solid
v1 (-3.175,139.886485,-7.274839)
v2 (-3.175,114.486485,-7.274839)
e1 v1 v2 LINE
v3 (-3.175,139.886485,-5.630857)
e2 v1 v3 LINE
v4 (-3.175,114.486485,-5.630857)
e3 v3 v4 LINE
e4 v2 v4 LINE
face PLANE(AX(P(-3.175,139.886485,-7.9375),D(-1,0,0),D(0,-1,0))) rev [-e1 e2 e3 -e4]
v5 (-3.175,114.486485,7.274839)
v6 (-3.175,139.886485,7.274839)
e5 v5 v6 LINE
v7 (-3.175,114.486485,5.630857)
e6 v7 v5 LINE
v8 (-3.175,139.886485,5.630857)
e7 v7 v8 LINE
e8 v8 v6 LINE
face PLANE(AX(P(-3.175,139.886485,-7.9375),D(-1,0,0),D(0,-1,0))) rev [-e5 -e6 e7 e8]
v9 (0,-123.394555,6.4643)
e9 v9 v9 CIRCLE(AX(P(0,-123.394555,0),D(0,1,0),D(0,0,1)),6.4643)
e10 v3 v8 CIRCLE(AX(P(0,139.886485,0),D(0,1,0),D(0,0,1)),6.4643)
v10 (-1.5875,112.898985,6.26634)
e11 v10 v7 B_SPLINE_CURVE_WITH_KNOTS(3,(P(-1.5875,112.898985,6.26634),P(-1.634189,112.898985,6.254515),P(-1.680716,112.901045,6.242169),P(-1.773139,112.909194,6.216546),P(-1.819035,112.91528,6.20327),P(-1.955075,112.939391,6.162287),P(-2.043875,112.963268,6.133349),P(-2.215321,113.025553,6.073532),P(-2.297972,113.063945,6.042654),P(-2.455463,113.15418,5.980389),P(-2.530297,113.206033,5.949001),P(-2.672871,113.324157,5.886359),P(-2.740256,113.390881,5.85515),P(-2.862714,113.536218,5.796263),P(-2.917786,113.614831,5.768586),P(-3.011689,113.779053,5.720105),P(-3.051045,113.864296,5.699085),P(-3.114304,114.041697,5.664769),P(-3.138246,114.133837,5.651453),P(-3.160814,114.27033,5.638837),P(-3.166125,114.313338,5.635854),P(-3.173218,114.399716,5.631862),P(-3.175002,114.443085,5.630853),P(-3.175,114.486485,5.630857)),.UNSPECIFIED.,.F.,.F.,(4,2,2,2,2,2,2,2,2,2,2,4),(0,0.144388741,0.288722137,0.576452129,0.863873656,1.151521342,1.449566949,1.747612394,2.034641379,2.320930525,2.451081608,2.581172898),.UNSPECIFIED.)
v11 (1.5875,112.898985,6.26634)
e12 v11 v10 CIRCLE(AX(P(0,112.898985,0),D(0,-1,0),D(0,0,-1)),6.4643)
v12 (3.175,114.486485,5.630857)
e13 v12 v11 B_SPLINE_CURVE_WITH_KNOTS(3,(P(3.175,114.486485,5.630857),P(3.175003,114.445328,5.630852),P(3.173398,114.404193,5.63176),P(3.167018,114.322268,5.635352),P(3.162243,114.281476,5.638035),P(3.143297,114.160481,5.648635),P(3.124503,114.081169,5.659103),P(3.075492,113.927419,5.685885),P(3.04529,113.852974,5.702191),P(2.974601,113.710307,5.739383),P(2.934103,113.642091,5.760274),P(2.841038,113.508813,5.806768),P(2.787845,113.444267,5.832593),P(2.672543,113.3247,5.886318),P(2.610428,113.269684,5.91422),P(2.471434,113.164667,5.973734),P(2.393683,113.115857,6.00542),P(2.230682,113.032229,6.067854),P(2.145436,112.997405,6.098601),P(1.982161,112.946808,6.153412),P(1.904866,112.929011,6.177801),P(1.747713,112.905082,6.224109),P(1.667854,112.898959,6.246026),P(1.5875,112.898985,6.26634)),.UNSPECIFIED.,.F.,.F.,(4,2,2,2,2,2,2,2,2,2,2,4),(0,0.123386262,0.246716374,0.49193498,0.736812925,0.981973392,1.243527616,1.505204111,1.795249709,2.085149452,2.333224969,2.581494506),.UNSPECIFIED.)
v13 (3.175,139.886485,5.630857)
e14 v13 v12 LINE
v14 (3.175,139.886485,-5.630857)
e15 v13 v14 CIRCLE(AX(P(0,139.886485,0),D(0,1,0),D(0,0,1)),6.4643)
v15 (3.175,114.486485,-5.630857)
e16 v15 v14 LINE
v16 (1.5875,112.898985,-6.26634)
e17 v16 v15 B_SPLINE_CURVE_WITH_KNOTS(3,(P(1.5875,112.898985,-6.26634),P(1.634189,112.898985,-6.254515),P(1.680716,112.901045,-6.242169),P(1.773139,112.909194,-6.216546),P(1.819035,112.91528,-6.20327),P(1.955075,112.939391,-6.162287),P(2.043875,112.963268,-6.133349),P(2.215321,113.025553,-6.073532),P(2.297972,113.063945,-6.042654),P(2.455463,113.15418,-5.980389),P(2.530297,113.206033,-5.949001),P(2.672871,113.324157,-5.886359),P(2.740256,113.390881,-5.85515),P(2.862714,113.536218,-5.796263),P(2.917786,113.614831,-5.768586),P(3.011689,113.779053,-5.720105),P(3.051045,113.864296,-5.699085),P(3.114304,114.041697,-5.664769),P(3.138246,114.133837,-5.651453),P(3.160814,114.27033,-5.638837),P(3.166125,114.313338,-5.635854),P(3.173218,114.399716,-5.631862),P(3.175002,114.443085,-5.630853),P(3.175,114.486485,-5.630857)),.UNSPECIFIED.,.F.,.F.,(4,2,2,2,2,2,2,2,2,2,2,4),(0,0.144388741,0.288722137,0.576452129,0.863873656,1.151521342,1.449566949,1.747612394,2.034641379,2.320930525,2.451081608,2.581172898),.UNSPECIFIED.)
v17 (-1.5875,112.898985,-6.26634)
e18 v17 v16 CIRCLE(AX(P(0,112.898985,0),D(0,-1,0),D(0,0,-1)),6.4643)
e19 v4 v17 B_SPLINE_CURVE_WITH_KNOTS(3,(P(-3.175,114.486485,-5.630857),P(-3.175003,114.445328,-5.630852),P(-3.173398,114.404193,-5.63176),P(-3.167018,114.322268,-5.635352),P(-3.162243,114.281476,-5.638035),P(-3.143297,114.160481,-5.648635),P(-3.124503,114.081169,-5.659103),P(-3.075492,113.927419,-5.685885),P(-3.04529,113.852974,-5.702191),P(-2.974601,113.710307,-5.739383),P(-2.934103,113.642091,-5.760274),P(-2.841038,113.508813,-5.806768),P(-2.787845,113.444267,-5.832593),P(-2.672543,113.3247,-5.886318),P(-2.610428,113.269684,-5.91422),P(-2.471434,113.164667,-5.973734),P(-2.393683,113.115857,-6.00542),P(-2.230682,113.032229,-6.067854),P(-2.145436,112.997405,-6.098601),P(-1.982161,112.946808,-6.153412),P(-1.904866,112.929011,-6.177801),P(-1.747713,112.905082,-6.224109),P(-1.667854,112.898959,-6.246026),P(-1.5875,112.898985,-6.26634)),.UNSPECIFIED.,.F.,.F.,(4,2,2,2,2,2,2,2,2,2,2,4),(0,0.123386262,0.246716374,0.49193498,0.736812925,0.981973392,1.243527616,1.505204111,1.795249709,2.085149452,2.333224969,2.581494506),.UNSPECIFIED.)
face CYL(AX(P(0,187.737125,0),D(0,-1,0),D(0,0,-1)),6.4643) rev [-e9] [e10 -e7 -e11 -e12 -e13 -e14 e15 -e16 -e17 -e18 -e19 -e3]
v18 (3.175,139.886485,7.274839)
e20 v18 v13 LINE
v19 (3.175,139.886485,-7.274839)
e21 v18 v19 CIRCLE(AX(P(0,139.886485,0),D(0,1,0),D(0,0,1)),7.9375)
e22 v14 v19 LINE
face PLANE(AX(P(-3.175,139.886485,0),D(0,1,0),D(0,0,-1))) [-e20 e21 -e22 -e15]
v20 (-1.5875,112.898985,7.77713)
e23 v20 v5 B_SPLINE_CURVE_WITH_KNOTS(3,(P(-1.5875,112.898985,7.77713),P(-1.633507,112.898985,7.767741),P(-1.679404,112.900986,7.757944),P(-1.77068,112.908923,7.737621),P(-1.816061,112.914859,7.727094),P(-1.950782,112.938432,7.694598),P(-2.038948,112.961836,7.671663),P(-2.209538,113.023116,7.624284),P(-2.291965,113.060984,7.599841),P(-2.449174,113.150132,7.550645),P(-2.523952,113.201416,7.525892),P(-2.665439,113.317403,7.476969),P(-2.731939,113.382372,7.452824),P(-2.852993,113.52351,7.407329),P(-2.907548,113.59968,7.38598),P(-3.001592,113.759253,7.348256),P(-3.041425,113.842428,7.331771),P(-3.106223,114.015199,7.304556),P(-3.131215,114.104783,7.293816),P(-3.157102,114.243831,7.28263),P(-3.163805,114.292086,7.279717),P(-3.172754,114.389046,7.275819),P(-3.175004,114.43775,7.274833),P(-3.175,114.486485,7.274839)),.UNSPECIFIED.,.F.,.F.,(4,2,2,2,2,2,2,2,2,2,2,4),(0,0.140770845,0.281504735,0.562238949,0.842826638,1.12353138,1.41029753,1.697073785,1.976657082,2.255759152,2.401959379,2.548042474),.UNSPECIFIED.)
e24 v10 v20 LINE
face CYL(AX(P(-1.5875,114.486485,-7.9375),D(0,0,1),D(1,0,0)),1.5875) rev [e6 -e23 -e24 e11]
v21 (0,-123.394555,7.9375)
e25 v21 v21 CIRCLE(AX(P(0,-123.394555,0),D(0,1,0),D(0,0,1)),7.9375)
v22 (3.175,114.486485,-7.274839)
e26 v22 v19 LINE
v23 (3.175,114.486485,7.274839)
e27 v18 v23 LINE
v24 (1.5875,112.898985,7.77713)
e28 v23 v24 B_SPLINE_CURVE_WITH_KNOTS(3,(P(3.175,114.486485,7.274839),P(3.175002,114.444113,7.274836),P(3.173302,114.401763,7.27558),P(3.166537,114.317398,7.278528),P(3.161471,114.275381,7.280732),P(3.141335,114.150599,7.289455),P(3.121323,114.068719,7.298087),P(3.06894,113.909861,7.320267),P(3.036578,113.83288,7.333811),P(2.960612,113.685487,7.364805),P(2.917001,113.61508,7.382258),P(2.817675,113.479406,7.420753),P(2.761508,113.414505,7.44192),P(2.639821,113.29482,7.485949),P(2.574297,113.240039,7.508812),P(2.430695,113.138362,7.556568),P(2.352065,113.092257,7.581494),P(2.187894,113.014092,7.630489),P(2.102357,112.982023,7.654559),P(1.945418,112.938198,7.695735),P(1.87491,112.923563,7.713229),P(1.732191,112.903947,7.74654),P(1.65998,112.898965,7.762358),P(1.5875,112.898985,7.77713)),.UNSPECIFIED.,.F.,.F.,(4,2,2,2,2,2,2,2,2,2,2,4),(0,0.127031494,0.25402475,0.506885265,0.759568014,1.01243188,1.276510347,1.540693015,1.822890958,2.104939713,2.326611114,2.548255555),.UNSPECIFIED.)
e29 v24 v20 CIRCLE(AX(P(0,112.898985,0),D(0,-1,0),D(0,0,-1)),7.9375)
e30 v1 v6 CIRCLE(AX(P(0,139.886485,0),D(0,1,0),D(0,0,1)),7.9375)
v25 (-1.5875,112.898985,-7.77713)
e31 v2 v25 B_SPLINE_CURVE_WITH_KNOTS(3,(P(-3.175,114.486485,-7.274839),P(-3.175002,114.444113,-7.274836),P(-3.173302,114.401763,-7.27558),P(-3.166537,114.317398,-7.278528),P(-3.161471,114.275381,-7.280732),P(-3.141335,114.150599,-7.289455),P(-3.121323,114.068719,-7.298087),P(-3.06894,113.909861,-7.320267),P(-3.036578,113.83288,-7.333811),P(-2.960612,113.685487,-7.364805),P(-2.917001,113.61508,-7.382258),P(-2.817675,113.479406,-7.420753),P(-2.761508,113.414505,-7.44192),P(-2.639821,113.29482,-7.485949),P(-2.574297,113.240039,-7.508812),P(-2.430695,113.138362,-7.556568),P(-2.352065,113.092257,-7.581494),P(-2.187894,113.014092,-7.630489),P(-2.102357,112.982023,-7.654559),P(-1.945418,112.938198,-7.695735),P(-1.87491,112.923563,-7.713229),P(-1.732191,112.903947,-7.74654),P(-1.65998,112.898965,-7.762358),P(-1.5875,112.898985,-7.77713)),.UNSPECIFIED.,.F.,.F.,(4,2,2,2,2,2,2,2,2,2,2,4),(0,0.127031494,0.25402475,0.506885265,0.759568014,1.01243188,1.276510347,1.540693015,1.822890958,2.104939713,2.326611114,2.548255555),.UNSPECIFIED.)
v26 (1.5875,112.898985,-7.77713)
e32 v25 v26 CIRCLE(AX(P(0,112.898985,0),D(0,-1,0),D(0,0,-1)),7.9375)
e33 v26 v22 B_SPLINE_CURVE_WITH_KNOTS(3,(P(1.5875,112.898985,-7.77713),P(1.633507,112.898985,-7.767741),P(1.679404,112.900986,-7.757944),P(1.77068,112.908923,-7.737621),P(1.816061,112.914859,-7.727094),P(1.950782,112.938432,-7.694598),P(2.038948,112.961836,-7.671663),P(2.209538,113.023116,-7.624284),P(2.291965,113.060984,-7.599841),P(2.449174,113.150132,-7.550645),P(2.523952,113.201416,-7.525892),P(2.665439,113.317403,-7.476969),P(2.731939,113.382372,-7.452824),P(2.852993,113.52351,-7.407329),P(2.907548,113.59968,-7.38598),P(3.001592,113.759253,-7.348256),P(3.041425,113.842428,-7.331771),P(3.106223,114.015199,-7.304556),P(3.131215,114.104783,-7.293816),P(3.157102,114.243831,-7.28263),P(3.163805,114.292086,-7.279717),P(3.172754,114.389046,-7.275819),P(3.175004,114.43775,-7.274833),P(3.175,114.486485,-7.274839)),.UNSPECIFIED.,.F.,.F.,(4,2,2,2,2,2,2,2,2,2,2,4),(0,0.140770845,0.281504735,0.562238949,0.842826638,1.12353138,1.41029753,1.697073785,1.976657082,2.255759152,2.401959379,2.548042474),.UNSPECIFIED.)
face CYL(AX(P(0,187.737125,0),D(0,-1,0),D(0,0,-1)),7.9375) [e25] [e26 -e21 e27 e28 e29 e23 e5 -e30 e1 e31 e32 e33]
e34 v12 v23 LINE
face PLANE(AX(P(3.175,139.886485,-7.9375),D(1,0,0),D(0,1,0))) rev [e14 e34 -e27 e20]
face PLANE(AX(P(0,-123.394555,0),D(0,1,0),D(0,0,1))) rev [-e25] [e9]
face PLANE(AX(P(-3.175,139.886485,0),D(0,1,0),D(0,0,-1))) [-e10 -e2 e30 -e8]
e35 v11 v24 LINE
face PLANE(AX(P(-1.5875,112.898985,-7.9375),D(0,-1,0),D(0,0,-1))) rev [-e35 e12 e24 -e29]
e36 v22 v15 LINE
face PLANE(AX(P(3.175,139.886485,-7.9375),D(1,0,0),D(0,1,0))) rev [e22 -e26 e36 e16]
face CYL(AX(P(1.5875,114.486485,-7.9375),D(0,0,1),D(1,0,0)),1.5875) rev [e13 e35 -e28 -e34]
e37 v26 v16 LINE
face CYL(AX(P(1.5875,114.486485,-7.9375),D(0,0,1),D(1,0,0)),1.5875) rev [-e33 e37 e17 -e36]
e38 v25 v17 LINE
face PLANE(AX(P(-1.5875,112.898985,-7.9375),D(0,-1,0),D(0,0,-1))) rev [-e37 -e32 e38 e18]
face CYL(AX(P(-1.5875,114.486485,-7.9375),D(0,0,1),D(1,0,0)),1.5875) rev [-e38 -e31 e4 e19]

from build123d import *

# Parameters (mm, degrees)
BOSS_EXTRUDE1_START     = -123.394555
SKETCH1_R               = 7.9375
SKETCH1_R_2             = 6.4643
BOSS_EXTRUDE1_DEPTH     = 263.281039271
CUT_EXTRUDE2_DEPTH      = 141.336154622
CUT_EXTRUDE2_DEPTH_BACK = 141.336154622


with BuildPart() as part:
    # Sketch1 → Boss-Extrude1 (new body)
    with BuildSketch(Plane(origin=(0, 0, 0), x_dir=(1, 0, 0), z_dir=(0, 1, 0)).offset(BOSS_EXTRUDE1_START)):
        with Locations(Location((0, 0, 0), (0, 0, 270))):
            Circle(SKETCH1_R)
        with Locations(Location((0, 0, 0), (0, 0, 270))):
            Circle(SKETCH1_R_2, mode=Mode.SUBTRACT)
    extrude(amount=BOSS_EXTRUDE1_DEPTH)

    # Sketch2 → Cut-Extrude2 (cut, two sides: drawn at the far end of the back side and taken through both)
    with BuildSketch(Plane.XY.offset(-CUT_EXTRUDE2_DEPTH_BACK)):
        with BuildLine():
            Line((-3.175, 139.886484739), (3.175, 139.886484739))
            Line((3.175, 139.886484739), (3.175, 114.486484739))
            ThreePointArc((3.175, 114.486484739), (2.710032015, 113.363952724), (1.5875, 112.898984739))
            Line((1.5875, 112.898984739), (-1.5875, 112.898984739))
            ThreePointArc((-1.5875, 112.898984739), (-2.710032015, 113.363952724), (-3.175, 114.486484739))
            Line((-3.175, 114.486484739), (-3.175, 139.886484739))
        make_face()
    extrude(amount=CUT_EXTRUDE2_DEPTH + CUT_EXTRUDE2_DEPTH_BACK, mode=Mode.SUBTRACT)


solid = part.part
